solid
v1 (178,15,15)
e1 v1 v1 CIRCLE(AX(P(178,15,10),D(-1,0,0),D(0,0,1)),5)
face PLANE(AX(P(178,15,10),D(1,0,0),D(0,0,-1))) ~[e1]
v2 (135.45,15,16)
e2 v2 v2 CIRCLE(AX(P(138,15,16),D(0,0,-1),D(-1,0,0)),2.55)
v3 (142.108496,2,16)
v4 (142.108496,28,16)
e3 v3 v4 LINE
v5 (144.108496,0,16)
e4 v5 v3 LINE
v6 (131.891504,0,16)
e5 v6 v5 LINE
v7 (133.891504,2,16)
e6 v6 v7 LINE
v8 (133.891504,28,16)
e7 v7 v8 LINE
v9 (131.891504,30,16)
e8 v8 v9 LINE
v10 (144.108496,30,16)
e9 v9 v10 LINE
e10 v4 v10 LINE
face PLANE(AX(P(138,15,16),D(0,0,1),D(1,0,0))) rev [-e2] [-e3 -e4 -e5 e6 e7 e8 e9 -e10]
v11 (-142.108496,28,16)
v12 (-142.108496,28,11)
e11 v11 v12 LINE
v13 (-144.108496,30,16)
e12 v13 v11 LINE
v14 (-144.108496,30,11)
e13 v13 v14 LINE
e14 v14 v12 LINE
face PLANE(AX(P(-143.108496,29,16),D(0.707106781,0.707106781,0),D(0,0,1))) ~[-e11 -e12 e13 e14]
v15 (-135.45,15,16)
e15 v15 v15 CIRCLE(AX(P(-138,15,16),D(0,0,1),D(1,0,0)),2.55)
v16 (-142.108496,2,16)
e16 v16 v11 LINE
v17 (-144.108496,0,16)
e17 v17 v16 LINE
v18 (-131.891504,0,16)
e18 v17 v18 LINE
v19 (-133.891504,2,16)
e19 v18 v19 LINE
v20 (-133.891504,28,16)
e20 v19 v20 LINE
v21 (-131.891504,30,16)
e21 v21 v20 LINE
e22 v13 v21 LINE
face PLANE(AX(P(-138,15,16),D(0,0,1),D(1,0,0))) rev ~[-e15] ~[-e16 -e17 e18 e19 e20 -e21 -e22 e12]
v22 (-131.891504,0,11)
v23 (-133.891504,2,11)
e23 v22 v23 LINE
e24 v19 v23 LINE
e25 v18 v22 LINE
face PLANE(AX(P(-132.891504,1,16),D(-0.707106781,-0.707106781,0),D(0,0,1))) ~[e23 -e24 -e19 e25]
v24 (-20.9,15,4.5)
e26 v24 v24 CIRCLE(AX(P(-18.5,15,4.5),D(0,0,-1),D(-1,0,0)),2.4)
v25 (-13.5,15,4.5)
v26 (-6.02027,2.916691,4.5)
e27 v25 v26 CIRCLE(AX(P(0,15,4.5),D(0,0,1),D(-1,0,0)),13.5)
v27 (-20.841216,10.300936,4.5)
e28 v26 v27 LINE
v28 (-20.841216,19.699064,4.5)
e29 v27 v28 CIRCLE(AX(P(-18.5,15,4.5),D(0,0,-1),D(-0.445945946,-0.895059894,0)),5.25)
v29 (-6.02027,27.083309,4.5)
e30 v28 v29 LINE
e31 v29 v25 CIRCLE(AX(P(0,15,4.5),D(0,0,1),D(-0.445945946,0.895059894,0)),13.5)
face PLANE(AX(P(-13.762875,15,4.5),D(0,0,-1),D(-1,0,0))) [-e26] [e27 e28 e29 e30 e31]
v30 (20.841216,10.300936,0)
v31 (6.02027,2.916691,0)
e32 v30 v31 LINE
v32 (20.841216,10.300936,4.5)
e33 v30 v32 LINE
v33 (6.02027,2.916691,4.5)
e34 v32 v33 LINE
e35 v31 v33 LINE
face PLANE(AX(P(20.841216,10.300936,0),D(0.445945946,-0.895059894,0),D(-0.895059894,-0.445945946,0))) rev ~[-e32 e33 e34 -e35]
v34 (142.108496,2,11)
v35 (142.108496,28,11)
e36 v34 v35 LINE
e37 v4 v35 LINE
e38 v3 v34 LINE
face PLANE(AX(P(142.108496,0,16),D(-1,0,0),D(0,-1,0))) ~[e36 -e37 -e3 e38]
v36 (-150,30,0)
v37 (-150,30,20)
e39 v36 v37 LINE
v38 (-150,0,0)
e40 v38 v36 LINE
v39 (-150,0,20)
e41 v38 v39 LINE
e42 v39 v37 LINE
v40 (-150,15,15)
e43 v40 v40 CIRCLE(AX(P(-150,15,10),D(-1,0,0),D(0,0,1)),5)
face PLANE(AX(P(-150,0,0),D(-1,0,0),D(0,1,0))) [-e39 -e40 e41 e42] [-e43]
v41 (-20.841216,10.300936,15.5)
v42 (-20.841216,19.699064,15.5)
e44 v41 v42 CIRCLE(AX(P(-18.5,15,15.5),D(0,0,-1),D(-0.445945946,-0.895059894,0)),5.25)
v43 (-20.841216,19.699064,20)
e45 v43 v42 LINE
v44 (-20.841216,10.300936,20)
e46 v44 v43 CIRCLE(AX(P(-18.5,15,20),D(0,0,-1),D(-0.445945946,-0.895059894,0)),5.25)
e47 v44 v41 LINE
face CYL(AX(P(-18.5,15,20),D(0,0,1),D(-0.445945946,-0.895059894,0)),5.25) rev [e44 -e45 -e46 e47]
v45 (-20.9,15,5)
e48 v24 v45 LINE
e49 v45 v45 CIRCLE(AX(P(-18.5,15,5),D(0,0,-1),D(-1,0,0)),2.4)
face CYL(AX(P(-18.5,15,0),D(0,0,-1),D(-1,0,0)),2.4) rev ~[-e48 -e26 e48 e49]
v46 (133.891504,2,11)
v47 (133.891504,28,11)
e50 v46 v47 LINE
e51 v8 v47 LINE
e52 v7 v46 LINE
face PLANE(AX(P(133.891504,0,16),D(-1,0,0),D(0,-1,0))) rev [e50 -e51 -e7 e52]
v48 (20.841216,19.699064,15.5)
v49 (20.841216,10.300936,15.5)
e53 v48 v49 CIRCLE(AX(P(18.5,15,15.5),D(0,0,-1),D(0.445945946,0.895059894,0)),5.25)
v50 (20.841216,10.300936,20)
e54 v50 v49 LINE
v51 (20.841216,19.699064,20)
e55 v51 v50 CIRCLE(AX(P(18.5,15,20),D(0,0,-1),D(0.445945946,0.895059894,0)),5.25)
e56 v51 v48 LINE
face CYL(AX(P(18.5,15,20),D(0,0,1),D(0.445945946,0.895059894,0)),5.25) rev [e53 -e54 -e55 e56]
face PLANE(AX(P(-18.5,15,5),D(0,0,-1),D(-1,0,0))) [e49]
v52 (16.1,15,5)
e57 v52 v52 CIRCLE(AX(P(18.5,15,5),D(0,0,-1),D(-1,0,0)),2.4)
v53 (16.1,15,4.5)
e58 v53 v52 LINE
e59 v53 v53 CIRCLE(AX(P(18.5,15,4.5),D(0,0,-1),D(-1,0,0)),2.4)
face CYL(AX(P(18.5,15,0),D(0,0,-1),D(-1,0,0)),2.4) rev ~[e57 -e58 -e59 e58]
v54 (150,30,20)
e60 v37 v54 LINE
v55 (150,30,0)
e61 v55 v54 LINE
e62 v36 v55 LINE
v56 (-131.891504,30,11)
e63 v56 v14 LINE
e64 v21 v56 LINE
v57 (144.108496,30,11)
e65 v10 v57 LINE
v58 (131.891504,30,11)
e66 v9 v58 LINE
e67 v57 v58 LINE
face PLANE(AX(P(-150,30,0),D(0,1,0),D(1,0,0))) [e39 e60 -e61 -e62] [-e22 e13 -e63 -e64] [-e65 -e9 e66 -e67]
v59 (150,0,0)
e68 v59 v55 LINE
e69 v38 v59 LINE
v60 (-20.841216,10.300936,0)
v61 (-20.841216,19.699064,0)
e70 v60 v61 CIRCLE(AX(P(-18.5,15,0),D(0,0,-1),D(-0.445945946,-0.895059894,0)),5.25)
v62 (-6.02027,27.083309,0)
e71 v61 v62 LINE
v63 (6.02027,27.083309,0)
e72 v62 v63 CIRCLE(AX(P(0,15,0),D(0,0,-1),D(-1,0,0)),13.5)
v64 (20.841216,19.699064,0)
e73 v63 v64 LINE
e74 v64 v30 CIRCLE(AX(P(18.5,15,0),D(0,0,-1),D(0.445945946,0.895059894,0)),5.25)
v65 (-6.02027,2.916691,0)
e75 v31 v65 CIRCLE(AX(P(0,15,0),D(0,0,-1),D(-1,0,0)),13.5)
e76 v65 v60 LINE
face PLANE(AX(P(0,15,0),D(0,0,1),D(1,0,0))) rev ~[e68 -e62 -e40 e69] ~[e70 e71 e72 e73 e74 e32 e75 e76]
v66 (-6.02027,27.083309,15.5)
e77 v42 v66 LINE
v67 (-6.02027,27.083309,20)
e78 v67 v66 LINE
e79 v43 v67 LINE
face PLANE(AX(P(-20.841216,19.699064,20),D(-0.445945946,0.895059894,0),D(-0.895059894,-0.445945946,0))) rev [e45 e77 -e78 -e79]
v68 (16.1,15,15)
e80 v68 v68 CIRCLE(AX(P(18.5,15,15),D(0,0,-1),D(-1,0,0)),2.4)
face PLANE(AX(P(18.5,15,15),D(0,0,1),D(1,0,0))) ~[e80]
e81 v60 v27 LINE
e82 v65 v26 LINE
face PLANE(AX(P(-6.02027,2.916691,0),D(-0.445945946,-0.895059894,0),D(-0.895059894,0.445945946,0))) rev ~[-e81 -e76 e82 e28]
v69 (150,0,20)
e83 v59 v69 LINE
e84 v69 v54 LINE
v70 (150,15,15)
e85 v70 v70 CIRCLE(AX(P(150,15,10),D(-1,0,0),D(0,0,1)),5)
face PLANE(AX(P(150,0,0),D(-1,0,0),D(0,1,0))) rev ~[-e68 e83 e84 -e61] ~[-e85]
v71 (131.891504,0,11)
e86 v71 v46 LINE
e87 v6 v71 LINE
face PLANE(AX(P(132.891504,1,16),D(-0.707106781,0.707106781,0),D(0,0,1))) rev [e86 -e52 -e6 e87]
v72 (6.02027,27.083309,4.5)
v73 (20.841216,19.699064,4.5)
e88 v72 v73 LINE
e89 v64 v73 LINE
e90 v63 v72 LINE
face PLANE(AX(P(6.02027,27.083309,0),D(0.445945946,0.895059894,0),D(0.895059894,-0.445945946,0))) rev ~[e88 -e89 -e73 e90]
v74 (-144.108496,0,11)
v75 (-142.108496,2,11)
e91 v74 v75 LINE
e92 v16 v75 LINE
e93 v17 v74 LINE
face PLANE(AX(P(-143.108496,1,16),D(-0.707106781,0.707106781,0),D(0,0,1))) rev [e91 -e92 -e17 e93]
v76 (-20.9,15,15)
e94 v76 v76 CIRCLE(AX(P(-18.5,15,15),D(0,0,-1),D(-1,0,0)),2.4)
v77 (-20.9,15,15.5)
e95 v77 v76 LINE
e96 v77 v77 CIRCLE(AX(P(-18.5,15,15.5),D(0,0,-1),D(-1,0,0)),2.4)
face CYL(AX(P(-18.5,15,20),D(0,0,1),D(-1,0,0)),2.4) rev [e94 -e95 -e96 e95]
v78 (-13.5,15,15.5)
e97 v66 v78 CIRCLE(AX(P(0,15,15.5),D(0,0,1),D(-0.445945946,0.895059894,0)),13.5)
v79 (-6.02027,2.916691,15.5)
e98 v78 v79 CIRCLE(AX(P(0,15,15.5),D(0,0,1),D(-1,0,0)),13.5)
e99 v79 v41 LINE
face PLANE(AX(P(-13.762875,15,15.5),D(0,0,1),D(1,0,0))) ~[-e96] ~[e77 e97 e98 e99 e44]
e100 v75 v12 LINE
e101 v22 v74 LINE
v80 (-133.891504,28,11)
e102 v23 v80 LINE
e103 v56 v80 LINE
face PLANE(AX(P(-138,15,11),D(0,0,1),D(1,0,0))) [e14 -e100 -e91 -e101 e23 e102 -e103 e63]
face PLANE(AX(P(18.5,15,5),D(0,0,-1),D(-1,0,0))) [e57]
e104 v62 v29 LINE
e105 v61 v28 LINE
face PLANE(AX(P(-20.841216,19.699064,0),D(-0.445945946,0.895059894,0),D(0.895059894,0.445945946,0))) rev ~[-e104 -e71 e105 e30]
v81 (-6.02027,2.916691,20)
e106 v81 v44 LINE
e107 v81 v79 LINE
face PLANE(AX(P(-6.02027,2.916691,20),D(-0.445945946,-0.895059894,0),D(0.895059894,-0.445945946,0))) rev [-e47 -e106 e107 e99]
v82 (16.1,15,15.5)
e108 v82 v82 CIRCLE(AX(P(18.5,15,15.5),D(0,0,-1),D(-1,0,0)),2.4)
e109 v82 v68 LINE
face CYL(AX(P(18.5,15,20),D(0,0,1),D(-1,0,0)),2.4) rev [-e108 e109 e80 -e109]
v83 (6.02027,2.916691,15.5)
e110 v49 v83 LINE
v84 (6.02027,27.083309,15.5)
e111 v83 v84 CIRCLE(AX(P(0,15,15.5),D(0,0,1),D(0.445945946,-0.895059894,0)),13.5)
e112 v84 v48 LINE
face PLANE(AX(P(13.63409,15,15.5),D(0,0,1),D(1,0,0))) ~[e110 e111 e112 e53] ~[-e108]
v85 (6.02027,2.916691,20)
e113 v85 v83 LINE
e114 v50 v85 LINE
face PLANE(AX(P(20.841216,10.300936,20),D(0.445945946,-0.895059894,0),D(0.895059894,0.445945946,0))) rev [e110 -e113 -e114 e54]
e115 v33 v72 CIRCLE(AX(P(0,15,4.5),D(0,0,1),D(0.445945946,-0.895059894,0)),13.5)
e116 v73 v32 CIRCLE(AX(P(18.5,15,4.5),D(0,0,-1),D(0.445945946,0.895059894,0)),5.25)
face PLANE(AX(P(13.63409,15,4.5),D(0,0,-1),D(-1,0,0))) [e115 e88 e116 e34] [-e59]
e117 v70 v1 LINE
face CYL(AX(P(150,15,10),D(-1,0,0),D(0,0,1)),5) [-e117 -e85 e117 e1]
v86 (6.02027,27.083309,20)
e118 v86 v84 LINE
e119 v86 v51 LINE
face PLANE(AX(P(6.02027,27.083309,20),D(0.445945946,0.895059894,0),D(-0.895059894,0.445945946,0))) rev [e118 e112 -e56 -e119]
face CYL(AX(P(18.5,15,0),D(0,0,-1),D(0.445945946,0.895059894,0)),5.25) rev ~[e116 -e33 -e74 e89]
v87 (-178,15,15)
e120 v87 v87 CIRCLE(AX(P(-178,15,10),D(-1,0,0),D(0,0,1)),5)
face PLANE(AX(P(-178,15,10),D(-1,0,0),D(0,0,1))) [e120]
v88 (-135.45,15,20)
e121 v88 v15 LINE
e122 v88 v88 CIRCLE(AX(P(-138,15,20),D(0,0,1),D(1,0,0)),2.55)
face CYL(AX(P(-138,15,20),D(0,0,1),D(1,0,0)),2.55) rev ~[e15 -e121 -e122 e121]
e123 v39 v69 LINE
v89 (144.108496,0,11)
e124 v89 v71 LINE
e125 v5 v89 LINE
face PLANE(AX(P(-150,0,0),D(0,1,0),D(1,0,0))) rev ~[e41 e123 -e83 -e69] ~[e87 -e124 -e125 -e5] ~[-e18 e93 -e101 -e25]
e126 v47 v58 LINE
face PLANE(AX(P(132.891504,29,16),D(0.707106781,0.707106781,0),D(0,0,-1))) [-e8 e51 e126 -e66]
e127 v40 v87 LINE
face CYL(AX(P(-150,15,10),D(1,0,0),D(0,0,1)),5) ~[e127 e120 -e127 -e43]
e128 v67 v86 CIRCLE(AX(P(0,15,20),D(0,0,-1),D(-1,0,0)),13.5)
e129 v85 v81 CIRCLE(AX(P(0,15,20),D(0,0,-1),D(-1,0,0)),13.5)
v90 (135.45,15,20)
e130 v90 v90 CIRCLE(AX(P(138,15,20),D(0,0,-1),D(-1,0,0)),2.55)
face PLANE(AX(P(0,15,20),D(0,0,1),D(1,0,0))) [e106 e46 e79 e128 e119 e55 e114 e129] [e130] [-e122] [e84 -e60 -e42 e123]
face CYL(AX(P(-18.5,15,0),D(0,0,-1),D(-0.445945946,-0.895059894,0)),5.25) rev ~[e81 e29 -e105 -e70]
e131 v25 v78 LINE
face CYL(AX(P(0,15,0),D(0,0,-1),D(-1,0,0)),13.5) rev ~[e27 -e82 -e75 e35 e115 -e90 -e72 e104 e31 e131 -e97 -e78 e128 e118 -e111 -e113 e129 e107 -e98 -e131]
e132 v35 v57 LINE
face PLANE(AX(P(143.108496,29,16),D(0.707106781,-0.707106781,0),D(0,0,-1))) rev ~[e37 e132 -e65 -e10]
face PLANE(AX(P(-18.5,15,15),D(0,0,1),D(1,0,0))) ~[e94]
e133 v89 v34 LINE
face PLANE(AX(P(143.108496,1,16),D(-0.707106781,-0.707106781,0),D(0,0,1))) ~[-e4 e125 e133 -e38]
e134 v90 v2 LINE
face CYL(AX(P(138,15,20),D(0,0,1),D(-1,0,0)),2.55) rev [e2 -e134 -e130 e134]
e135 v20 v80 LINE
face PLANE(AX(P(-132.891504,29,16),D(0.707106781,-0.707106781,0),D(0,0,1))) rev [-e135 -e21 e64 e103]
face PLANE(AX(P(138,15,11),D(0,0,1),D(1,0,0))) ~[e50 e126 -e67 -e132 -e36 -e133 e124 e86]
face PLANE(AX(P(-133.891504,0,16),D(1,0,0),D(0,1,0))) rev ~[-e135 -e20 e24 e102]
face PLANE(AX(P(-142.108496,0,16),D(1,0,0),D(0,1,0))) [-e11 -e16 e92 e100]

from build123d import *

# Parameters (mm, degrees)
SKETCH_1_W                 = 300
SKETCH_1_H                 = 30
EXTRUDE_1_DEPTH            = 20
SKETCH_3_R                 = 4
CUT_EXTRUDE_1_DEPTH        = 155.272486205
SKETCH_3_3_R               = 6
SKETCH_3_3_R_2             = 4
CUT_EXTRUDE_2_DEPTH        = 155.272486205
SKETCH_3_4_R               = 13.5
SKETCH_3_4_R_2             = 6
CUT_EXTRUDE_3_DEPTH        = 155.272486205
SKETCH_3_5_R               = 2.4
CUT_EXTRUDE_4_DEPTH        = 4.5
SKETCH_3_6_R               = 2.4
CUT_EXTRUDE_5_DEPTH        = 5
SKETCH_4_R                 = 5
EXTRUDE_2_DEPTH            = 28
SKETCH_5_R                 = 2.55
CUT_EXTRUDE_6_DEPTH        = 4
SKETCH_6_W                 = 8.216991224
SKETCH_6_H                 = 30
CUT_EXTRUDE_7_DEPTH        = 5
CHAMFER_1_SIZE             = 2
CHAMFER_1_OF_MIRROR_2_SIZE = 2


with BuildPart() as part:
    # 草图1 → 凸台-拉伸1 (new body)
    with BuildSketch(Plane.XY):
        with Locations((0, 15)):
            Rectangle(SKETCH_1_W, SKETCH_1_H)
    extrude(amount=EXTRUDE_1_DEPTH)

    # 草图3 → 切除-拉伸1 (cut, through all)
    with BuildSketch(Plane(origin=(0, 0, 0), x_dir=(-1, 0, 0), z_dir=(0, 0, -1))):
        with Locations((0, 15)):
            Circle(SKETCH_3_R)
    extrude(amount=-CUT_EXTRUDE_1_DEPTH, mode=Mode.SUBTRACT)

    # 草图3<3> → 切除-拉伸2 (cut, through all)
    with BuildSketch(Plane(origin=(0, 0, 0), x_dir=(-1, 0, 0), z_dir=(0, 0, -1))):
        with Locations((0, 15)):
            Circle(SKETCH_3_3_R)
        with Locations((0, 15)):
            Circle(SKETCH_3_3_R_2, mode=Mode.SUBTRACT)
    extrude(amount=-CUT_EXTRUDE_2_DEPTH, mode=Mode.SUBTRACT)

    # 草图3<4> → 切除-拉伸3 (cut, through all)
    with BuildSketch(Plane(origin=(0, 0, 0), x_dir=(-1, 0, 0), z_dir=(0, 0, -1))):
        with Locations((0, 15)):
            Circle(SKETCH_3_4_R)
        with Locations((0, 15)):
            Circle(SKETCH_3_4_R_2, mode=Mode.SUBTRACT)
    extrude(amount=-CUT_EXTRUDE_3_DEPTH, mode=Mode.SUBTRACT)

    # 草图3<5> → 切除-拉伸4 (cut)
    # profile 1 of 2: a face of its own
    with BuildSketch(Plane(origin=(0, 0, 0), x_dir=(-1, 0, 0), z_dir=(0, 0, -1))):
        with BuildLine():
            ThreePointArc((-6.02027027, 2.916691435), (-13.5, 15), (-6.02027027, 27.083308565))
            Line((-6.02027027, 27.083308565), (-20.841216216, 19.699064442))
            ThreePointArc((-20.841216216, 19.699064442), (-23.75, 15), (-20.841216216, 10.300935558))
            Line((-20.841216216, 10.300935558), (-6.02027027, 2.916691435))
        make_face()
        with Locations((-18.5, 15)):
            Circle(SKETCH_3_5_R, mode=Mode.SUBTRACT)
    # profile 2 of 2: a face of its own
    with BuildSketch(Plane(origin=(0, 0, 0), x_dir=(-1, 0, 0), z_dir=(0, 0, -1))):
        with BuildLine():
            Line((20.841216216, 19.699064442), (6.02027027, 27.083308565))
            ThreePointArc((6.02027027, 27.083308565), (13.5, 15), (6.02027027, 2.916691435))
            Line((6.02027027, 2.916691435), (20.841216216, 10.300935558))
            ThreePointArc((20.841216216, 10.300935558), (23.75, 15), (20.841216216, 19.699064442))
        make_face()
        with Locations((18.5, 15)):
            Circle(SKETCH_3_5_R, mode=Mode.SUBTRACT)
    cut_extrude_4 = extrude(amount=-CUT_EXTRUDE_4_DEPTH, mode=Mode.SUBTRACT)

    # 草图3<6> → 切除-拉伸5 (cut)
    with BuildSketch(Plane(origin=(0, 0, 0), x_dir=(-1, 0, 0), z_dir=(0, 0, -1))):
        with Locations((18.5, 15)):
            Circle(SKETCH_3_6_R)
        with Locations((-18.5, 15)):
            Circle(SKETCH_3_6_R)
    cut_extrude_5 = extrude(amount=-CUT_EXTRUDE_5_DEPTH, mode=Mode.SUBTRACT)

    # 草图4 → 凸台-拉伸2 (add)
    with BuildSketch(Plane.ZY.offset(150)):
        with Locations((10, 15)):
            Circle(SKETCH_4_R)
    extrude_2 = extrude(amount=EXTRUDE_2_DEPTH)

    # 镜向1: 凸台-拉伸2 across plane
    add(extrude_2.mirror(Plane.ZY))

    # 草图5 → 切除-拉伸6 (cut)
    with BuildSketch(Plane.XY.offset(20)):
        with Locations((-138, 15)):
            Circle(SKETCH_5_R)
    cut_extrude_6 = extrude(amount=-CUT_EXTRUDE_6_DEPTH, mode=Mode.SUBTRACT)

    # 草图6 → 切除-拉伸7 (cut)
    with BuildSketch(Plane.XY.offset(16)):
        with Locations((-138, 15)):
            Rectangle(SKETCH_6_W, SKETCH_6_H)
    cut_extrude_7 = extrude(amount=-CUT_EXTRUDE_7_DEPTH, mode=Mode.SUBTRACT)

    # 倒角1
    chamfer_1_edges = [part.edges().sort_by_distance(p)[0] for p in [
        (-133.891504388, 0, 13.5),
        (-142.108495612, 0, 13.5),
        (-133.891504388, 30, 13.5),
        (-142.108495612, 30, 13.5),
    ]]
    chamfer(chamfer_1_edges, length=CHAMFER_1_SIZE)

    # 镜向2: 切除-拉伸6, 切除-拉伸7 across plane
    add(cut_extrude_6.mirror(Plane.ZY), mode=Mode.SUBTRACT)
    add(cut_extrude_7.mirror(Plane.ZY), mode=Mode.SUBTRACT)

    # 倒角1 of 镜向2
    chamfer_1_of_mirror_2_edges = [part.edges().sort_by_distance(p)[0] for p in [
        (133.891504388, 0, 13.5),
        (142.108495612, 0, 13.5),
        (133.891504388, 30, 13.5),
        (142.108495612, 30, 13.5),
    ]]
    chamfer(chamfer_1_of_mirror_2_edges, length=CHAMFER_1_OF_MIRROR_2_SIZE)

    # 镜向3: 切除-拉伸4, 切除-拉伸5 across plane
    add(cut_extrude_4.mirror(Plane.XY.offset(10)), mode=Mode.SUBTRACT)
    add(cut_extrude_5.mirror(Plane.XY.offset(10)), mode=Mode.SUBTRACT)


solid = part.part
